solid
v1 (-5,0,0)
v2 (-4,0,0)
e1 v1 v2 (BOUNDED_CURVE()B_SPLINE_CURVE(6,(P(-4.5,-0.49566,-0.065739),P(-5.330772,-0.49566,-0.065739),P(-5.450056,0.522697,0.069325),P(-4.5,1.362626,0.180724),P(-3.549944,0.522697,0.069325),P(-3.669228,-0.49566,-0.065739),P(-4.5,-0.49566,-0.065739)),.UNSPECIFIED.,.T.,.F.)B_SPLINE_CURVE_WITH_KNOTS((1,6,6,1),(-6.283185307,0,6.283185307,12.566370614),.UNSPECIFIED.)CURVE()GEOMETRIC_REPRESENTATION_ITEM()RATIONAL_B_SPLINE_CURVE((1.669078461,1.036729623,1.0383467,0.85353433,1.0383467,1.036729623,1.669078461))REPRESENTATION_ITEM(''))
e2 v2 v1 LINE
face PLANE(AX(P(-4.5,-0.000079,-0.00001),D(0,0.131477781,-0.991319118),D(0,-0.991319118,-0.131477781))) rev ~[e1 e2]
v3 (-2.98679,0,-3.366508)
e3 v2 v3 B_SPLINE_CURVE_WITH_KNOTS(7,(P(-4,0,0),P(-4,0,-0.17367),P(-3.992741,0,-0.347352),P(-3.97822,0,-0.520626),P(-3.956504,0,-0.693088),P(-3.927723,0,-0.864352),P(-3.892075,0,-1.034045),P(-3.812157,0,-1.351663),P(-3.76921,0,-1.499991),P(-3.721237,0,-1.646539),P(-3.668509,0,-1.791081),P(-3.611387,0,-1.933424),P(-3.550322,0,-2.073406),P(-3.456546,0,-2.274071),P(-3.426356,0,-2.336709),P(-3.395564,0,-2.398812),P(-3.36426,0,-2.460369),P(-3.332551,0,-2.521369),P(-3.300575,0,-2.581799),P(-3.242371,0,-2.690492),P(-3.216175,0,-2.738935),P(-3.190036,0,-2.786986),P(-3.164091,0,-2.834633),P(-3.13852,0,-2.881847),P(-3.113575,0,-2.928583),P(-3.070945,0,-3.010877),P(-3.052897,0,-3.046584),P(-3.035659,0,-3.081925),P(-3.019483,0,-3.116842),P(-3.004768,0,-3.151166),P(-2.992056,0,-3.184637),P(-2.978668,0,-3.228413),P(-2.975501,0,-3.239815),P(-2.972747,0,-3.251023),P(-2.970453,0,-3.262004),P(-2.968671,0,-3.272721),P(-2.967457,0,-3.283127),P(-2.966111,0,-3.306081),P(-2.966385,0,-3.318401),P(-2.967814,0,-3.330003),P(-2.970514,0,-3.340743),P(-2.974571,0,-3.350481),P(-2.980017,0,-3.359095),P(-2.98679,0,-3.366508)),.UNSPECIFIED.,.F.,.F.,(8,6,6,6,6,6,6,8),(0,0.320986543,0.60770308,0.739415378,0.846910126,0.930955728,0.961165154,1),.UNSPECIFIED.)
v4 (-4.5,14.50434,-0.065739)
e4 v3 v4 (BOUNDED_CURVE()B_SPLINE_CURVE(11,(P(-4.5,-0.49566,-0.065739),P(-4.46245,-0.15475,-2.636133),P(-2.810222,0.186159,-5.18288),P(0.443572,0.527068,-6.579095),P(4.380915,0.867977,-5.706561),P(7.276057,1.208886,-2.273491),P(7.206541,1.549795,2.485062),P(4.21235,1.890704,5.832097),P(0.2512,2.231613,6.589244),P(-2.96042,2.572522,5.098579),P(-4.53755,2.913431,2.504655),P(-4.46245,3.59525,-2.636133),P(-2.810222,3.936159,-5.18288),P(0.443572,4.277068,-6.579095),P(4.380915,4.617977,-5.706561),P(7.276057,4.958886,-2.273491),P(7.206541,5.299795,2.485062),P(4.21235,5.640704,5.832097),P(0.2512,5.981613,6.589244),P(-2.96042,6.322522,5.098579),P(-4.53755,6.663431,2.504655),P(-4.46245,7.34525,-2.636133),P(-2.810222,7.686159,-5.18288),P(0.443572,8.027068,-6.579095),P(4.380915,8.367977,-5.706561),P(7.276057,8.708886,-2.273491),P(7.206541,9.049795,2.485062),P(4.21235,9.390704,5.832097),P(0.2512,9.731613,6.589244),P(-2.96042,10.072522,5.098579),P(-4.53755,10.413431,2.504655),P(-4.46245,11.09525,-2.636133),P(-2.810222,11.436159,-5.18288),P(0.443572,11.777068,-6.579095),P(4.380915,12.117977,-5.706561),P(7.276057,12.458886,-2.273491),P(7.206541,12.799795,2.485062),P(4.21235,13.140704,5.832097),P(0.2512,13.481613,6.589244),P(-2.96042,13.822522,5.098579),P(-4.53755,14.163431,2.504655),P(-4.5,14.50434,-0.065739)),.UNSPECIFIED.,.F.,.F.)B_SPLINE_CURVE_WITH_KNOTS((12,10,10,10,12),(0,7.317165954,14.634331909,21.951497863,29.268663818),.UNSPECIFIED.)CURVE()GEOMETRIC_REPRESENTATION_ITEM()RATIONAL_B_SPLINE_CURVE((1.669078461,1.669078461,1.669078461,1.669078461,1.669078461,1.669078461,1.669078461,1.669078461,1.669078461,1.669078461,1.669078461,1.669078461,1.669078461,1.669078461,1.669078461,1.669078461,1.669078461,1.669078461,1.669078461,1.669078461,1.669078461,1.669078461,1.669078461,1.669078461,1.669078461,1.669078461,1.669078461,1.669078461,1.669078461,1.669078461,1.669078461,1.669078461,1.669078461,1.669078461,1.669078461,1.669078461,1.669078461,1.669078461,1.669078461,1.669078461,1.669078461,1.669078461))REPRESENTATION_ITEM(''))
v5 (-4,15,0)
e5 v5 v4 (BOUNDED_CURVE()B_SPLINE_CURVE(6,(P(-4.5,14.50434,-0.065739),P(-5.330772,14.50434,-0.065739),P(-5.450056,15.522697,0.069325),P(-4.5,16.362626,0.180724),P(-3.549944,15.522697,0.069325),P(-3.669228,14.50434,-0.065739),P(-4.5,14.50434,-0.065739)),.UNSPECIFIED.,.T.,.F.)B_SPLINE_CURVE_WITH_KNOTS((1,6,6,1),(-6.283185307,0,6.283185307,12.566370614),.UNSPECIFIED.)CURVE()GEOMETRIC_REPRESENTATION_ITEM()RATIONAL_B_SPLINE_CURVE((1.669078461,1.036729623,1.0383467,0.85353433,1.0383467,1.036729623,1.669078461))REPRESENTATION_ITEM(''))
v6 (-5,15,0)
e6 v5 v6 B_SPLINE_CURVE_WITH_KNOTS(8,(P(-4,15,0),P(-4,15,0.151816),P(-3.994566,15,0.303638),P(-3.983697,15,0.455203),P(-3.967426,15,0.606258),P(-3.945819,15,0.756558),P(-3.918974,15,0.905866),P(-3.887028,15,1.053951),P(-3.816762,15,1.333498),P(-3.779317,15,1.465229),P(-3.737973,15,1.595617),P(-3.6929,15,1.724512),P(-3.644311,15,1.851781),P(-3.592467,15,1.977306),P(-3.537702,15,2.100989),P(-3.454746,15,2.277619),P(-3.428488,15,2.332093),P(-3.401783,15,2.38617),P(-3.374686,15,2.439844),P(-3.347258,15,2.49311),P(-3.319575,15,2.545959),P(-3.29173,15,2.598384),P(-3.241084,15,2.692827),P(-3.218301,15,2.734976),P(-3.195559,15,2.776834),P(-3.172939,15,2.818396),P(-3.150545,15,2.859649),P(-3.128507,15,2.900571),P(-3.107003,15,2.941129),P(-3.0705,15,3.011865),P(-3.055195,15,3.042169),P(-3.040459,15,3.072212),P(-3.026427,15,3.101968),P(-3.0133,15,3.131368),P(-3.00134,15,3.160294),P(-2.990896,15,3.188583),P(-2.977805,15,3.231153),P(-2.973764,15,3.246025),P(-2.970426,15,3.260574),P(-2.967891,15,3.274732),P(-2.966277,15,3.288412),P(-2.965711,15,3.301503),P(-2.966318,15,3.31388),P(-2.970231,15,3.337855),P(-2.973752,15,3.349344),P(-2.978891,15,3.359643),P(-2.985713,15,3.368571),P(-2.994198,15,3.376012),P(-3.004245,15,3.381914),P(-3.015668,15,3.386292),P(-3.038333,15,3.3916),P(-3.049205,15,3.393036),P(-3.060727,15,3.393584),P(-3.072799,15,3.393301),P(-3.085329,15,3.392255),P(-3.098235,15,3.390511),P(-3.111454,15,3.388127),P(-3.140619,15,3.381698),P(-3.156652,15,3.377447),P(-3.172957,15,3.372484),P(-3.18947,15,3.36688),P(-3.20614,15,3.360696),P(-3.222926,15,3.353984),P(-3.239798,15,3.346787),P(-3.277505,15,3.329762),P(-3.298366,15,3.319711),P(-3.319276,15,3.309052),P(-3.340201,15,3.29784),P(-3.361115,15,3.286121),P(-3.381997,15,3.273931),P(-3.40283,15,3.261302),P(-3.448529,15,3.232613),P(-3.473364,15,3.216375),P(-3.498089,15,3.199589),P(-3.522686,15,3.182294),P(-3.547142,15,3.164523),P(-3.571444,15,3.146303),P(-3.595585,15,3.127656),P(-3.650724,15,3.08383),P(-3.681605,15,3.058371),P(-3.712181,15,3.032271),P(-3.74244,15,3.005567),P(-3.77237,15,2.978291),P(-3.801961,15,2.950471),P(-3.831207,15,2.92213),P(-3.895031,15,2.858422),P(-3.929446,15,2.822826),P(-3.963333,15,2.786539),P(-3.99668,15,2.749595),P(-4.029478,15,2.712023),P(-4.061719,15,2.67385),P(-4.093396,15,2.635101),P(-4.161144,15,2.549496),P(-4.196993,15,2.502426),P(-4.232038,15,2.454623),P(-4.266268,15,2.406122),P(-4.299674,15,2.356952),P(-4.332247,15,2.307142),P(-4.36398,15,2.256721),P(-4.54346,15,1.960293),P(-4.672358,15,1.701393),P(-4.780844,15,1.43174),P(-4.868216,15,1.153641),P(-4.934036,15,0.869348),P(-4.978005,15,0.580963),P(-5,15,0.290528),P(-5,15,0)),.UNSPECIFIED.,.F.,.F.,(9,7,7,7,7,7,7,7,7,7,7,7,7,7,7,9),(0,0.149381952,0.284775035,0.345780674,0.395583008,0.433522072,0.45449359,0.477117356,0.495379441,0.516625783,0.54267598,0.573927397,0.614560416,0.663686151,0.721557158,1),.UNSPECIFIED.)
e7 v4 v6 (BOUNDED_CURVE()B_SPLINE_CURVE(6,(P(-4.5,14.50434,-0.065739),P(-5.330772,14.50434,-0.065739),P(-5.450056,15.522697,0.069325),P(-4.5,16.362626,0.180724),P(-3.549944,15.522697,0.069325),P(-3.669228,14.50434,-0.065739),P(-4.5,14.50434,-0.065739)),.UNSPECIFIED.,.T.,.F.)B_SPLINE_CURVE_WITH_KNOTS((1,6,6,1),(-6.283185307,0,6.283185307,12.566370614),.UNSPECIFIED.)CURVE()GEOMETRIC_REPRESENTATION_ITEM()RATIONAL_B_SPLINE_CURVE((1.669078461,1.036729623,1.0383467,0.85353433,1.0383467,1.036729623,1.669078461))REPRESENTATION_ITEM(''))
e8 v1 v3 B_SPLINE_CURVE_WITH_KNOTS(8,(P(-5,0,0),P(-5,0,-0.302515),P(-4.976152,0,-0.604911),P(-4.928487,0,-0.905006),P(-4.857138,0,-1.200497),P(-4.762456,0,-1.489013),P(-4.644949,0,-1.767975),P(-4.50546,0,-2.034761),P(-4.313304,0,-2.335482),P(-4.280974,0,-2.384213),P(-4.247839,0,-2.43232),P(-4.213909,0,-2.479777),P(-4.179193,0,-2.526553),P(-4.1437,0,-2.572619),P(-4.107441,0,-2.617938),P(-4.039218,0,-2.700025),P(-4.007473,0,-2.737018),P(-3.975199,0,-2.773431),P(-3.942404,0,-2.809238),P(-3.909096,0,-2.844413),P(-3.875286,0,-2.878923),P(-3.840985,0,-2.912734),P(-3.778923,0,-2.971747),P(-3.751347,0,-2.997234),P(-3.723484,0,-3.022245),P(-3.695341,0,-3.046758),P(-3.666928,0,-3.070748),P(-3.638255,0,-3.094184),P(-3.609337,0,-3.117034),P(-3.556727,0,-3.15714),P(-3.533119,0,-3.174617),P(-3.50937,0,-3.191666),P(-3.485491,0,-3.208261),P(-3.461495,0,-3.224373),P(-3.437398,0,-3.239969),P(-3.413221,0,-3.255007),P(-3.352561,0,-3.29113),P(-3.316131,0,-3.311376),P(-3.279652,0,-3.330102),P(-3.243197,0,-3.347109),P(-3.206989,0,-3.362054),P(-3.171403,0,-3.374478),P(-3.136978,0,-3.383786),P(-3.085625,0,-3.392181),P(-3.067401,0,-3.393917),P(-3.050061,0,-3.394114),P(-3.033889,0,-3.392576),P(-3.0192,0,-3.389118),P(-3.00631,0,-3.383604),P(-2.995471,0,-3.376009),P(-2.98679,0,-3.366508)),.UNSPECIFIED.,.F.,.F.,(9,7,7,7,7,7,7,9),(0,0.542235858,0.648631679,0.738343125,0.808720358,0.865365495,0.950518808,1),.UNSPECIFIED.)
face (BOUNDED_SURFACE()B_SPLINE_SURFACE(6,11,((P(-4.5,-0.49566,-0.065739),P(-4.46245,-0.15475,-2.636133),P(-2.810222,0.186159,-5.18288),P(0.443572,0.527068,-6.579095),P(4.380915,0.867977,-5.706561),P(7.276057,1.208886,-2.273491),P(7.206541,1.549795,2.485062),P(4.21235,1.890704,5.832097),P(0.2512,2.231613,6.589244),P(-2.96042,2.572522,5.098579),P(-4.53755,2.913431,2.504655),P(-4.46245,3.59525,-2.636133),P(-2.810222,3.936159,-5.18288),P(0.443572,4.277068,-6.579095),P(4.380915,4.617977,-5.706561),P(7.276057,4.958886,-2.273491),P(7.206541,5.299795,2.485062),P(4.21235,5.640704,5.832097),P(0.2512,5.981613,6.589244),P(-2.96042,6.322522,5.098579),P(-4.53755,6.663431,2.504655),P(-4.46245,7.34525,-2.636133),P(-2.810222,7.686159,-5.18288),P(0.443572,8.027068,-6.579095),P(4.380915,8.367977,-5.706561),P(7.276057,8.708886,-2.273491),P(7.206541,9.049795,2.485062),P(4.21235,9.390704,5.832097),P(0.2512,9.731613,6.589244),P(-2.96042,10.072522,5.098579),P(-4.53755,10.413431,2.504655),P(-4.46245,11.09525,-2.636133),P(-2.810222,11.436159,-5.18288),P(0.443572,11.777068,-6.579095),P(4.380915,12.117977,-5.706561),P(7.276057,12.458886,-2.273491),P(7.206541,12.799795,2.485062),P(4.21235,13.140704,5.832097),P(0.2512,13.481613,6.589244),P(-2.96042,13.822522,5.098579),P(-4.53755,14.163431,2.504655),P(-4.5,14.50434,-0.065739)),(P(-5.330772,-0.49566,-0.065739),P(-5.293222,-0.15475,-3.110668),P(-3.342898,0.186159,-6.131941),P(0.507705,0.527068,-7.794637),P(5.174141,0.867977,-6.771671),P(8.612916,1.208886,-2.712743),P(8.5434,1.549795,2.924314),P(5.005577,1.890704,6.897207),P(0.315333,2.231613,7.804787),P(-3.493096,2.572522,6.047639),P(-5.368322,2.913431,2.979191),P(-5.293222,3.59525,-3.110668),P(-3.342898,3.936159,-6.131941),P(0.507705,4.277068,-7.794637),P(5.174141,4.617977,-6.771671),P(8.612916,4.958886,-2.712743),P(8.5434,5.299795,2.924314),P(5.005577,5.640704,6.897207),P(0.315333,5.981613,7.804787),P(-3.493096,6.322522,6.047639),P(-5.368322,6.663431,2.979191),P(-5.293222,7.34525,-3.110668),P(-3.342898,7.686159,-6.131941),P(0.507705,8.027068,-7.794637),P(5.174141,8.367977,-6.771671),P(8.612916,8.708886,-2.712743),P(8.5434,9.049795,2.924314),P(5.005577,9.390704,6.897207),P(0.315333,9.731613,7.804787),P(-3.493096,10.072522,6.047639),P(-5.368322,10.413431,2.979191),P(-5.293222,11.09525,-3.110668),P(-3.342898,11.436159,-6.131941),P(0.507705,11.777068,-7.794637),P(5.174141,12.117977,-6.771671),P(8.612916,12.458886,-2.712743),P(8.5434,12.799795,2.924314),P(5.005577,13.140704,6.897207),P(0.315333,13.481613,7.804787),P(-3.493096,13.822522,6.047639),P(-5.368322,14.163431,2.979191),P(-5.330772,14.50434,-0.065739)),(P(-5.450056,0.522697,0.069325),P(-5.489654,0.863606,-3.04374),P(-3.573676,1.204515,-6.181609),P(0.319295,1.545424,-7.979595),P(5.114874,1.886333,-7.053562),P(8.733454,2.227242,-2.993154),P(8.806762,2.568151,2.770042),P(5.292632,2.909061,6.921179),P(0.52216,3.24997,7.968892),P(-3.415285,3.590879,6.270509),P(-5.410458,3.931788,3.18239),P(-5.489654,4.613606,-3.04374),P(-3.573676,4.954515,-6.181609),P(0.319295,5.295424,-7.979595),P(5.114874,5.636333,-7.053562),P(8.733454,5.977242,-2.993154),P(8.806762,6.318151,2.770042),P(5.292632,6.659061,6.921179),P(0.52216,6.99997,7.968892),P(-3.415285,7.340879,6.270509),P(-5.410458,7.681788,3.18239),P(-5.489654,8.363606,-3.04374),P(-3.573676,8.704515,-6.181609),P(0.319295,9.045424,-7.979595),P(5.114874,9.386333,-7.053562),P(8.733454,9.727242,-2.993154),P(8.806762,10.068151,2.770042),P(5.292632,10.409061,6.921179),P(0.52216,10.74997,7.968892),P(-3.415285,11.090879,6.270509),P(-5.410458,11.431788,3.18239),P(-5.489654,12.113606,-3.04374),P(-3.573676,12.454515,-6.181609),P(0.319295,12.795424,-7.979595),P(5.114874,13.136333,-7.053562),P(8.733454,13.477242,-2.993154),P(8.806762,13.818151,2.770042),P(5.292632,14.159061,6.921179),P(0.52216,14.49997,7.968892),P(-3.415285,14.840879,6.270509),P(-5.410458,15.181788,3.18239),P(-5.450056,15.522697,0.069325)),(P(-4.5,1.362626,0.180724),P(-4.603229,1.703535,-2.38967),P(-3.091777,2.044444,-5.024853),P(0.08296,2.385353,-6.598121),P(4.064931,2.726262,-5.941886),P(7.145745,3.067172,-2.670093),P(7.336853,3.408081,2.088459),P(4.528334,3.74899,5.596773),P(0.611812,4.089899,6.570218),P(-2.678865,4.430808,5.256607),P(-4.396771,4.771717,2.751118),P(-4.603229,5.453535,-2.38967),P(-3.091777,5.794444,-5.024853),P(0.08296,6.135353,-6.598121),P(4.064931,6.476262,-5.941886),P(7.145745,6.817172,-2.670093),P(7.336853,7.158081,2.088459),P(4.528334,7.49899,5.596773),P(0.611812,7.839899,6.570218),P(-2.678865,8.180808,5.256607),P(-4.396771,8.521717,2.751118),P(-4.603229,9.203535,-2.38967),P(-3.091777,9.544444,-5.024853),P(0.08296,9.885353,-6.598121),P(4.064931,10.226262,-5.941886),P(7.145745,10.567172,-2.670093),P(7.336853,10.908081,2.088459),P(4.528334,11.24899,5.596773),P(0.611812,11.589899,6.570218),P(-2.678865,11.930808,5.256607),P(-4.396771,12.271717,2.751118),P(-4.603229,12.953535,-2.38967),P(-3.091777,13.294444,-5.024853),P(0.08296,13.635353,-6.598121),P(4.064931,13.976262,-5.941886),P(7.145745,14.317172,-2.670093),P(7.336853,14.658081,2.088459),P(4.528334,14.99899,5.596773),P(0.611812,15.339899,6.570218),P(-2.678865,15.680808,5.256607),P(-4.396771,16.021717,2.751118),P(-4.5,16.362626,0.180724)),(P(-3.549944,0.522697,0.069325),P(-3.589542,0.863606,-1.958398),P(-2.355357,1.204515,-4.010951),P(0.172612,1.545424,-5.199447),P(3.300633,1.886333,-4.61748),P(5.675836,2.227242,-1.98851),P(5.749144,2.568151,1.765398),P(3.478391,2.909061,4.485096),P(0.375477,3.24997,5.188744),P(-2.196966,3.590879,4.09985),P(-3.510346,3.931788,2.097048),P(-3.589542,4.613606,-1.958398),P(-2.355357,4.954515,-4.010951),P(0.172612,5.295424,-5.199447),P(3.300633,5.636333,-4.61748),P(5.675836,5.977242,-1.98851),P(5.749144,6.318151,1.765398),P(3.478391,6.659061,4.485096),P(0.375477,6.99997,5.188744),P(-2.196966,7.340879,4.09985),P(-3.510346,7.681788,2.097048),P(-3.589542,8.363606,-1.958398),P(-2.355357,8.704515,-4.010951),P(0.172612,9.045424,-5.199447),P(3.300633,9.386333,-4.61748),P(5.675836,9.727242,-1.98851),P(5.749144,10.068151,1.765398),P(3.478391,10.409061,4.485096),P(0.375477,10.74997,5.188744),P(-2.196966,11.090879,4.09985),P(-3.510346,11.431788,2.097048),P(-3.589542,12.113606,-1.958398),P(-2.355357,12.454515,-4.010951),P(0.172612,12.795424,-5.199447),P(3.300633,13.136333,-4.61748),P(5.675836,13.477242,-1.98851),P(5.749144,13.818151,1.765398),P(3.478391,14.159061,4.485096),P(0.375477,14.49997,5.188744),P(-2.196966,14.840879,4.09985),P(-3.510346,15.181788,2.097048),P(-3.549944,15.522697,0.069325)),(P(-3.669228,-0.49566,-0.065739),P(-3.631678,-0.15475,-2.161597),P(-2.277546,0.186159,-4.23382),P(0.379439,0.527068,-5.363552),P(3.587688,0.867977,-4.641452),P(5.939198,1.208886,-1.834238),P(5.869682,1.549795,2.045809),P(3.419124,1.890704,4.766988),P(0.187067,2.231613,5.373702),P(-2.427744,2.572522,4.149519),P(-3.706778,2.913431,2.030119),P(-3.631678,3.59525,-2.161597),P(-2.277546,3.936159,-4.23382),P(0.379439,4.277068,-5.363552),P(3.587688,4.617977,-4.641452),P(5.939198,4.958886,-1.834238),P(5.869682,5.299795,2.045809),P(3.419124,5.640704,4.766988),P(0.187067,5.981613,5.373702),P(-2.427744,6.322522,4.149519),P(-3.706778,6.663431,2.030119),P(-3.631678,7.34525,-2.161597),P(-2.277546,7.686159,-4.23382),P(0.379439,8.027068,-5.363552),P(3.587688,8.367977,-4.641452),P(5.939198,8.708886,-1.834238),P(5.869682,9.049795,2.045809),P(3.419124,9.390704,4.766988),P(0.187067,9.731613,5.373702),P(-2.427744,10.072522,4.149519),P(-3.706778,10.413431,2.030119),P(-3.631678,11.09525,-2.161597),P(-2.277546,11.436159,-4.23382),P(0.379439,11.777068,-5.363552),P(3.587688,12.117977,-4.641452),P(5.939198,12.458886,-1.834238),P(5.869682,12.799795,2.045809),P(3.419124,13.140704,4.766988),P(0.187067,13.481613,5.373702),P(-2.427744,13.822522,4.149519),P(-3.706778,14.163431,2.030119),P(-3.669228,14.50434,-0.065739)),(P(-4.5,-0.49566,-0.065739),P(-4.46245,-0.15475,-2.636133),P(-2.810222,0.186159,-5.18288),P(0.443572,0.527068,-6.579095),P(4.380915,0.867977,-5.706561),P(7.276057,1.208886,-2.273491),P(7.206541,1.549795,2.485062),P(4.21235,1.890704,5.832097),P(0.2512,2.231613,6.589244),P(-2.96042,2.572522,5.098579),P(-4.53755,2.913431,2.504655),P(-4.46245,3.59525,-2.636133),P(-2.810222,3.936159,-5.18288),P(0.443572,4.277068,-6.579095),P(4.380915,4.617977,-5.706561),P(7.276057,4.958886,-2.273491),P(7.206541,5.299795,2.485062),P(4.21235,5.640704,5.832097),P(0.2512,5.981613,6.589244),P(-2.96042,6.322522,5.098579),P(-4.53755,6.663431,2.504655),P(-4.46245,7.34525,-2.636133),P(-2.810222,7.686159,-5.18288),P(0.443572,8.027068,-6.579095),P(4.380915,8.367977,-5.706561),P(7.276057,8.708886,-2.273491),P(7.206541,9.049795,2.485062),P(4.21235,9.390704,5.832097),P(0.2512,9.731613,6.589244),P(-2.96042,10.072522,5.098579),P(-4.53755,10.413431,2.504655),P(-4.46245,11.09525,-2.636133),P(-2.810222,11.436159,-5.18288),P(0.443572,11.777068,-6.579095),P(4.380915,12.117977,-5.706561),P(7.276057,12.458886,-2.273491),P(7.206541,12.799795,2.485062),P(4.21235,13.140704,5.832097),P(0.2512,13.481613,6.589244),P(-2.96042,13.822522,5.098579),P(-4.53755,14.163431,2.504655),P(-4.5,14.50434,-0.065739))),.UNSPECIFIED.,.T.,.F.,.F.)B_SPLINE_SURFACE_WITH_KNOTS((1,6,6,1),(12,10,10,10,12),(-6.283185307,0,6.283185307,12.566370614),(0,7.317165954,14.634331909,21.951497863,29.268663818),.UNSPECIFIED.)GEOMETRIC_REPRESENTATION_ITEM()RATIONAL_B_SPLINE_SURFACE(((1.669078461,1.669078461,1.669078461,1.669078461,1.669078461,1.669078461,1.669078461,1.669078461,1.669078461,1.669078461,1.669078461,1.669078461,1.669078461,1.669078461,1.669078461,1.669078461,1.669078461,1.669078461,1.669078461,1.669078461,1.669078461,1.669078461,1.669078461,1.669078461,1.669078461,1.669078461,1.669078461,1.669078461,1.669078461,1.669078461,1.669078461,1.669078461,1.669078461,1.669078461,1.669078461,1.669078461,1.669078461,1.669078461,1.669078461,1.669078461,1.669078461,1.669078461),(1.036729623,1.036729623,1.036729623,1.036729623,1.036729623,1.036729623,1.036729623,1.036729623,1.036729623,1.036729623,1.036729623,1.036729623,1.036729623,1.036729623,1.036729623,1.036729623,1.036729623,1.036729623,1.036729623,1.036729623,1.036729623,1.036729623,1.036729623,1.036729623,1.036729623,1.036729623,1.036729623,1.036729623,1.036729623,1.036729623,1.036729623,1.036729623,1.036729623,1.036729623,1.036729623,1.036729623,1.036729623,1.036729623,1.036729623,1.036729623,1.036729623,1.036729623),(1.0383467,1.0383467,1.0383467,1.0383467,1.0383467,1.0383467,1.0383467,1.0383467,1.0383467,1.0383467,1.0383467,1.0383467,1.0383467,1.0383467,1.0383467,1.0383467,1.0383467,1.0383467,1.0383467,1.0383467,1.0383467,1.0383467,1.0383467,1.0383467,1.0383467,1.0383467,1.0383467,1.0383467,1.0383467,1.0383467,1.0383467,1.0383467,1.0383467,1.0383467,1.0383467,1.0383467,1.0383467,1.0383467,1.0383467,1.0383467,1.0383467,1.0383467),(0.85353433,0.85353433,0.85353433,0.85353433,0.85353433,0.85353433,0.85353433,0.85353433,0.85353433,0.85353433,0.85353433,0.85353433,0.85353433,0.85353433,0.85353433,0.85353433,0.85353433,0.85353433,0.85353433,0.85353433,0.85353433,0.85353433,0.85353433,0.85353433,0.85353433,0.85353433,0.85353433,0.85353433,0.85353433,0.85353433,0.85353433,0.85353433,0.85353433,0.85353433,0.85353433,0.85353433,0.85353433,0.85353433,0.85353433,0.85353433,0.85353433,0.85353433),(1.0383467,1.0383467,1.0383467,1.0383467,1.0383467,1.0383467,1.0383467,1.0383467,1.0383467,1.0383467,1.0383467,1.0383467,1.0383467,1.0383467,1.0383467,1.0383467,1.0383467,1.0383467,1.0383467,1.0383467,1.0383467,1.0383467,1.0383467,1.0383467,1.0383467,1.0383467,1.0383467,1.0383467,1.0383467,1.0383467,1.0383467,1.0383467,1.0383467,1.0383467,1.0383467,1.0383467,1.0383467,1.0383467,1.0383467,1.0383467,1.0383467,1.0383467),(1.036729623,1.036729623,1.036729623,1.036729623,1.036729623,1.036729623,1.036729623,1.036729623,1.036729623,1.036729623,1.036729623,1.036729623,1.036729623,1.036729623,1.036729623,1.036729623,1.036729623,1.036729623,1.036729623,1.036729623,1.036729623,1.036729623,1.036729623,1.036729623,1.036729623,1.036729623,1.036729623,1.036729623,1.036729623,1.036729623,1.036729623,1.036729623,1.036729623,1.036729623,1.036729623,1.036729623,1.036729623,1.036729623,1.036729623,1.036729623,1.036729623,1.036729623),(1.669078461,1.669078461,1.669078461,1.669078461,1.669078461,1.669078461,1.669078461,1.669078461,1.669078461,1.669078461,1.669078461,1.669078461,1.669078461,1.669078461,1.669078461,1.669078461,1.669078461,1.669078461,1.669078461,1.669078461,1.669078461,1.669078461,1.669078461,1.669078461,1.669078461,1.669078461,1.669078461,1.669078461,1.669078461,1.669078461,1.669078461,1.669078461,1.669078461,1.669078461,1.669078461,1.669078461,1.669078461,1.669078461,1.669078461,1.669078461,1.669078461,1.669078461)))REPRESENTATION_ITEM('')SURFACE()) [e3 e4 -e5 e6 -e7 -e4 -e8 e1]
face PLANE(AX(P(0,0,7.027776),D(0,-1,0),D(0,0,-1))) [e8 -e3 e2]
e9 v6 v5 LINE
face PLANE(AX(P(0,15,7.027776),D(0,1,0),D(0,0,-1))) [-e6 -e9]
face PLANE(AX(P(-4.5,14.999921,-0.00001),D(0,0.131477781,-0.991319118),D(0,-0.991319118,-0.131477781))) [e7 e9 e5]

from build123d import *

# Parameters (mm, degrees)
SWEEP1_PITCH       = 3.75
SWEEP1_HEIGHT      = 15
SWEEP1_RADIUS      = 4.5
SWEEP1_START_ANGLE = -90
SWEEP1_PROFILE_R   = 0.5
SKETCH15_W         = 14.055552012
SKETCH15_H         = 2.489198618
SKETCH15_H_2       = 2.81435661
CUT_EXTRUDE1_DEPTH = 10


with BuildPart() as part:
    # Sweep1: sweep along a helix
    with BuildLine() as sweep1_path:
        add(Helix(SWEEP1_PITCH, SWEEP1_HEIGHT, SWEEP1_RADIUS, center=(0, 0, 0), direction=(0, 1, 0), lefthand=True, mode=Mode.PRIVATE).rotate(Axis((0, 0, 0), (0, 1, 0)), SWEEP1_START_ANGLE))
    # Sweep1 profile (on start of the path) → Sweep1 (sweep)
    with BuildSketch(Plane(origin=(-4.5, 0, 0), x_dir=(0, -0.9913191176317669, -0.1314777814605003), z_dir=(-4.0976840606916e-13, 0.1314777814605003, -0.9913191176317669))):
        Circle(SWEEP1_PROFILE_R)
    sweep(path=sweep1_path.line, is_frenet=True)

    # Sketch15 → Cut-Extrude1 (cut, symmetric)
    with BuildSketch(Plane(origin=(0, 0, 0), x_dir=(0, 0, -1), z_dir=(1, 0, 0))):
        with Locations((0, 16.244599309)):
            Rectangle(SKETCH15_W, SKETCH15_H)
        with Locations((0, -1.407178305)):
            Rectangle(SKETCH15_W, SKETCH15_H_2)
    extrude(amount=CUT_EXTRUDE1_DEPTH, both=True, mode=Mode.SUBTRACT)


solid = part.part
